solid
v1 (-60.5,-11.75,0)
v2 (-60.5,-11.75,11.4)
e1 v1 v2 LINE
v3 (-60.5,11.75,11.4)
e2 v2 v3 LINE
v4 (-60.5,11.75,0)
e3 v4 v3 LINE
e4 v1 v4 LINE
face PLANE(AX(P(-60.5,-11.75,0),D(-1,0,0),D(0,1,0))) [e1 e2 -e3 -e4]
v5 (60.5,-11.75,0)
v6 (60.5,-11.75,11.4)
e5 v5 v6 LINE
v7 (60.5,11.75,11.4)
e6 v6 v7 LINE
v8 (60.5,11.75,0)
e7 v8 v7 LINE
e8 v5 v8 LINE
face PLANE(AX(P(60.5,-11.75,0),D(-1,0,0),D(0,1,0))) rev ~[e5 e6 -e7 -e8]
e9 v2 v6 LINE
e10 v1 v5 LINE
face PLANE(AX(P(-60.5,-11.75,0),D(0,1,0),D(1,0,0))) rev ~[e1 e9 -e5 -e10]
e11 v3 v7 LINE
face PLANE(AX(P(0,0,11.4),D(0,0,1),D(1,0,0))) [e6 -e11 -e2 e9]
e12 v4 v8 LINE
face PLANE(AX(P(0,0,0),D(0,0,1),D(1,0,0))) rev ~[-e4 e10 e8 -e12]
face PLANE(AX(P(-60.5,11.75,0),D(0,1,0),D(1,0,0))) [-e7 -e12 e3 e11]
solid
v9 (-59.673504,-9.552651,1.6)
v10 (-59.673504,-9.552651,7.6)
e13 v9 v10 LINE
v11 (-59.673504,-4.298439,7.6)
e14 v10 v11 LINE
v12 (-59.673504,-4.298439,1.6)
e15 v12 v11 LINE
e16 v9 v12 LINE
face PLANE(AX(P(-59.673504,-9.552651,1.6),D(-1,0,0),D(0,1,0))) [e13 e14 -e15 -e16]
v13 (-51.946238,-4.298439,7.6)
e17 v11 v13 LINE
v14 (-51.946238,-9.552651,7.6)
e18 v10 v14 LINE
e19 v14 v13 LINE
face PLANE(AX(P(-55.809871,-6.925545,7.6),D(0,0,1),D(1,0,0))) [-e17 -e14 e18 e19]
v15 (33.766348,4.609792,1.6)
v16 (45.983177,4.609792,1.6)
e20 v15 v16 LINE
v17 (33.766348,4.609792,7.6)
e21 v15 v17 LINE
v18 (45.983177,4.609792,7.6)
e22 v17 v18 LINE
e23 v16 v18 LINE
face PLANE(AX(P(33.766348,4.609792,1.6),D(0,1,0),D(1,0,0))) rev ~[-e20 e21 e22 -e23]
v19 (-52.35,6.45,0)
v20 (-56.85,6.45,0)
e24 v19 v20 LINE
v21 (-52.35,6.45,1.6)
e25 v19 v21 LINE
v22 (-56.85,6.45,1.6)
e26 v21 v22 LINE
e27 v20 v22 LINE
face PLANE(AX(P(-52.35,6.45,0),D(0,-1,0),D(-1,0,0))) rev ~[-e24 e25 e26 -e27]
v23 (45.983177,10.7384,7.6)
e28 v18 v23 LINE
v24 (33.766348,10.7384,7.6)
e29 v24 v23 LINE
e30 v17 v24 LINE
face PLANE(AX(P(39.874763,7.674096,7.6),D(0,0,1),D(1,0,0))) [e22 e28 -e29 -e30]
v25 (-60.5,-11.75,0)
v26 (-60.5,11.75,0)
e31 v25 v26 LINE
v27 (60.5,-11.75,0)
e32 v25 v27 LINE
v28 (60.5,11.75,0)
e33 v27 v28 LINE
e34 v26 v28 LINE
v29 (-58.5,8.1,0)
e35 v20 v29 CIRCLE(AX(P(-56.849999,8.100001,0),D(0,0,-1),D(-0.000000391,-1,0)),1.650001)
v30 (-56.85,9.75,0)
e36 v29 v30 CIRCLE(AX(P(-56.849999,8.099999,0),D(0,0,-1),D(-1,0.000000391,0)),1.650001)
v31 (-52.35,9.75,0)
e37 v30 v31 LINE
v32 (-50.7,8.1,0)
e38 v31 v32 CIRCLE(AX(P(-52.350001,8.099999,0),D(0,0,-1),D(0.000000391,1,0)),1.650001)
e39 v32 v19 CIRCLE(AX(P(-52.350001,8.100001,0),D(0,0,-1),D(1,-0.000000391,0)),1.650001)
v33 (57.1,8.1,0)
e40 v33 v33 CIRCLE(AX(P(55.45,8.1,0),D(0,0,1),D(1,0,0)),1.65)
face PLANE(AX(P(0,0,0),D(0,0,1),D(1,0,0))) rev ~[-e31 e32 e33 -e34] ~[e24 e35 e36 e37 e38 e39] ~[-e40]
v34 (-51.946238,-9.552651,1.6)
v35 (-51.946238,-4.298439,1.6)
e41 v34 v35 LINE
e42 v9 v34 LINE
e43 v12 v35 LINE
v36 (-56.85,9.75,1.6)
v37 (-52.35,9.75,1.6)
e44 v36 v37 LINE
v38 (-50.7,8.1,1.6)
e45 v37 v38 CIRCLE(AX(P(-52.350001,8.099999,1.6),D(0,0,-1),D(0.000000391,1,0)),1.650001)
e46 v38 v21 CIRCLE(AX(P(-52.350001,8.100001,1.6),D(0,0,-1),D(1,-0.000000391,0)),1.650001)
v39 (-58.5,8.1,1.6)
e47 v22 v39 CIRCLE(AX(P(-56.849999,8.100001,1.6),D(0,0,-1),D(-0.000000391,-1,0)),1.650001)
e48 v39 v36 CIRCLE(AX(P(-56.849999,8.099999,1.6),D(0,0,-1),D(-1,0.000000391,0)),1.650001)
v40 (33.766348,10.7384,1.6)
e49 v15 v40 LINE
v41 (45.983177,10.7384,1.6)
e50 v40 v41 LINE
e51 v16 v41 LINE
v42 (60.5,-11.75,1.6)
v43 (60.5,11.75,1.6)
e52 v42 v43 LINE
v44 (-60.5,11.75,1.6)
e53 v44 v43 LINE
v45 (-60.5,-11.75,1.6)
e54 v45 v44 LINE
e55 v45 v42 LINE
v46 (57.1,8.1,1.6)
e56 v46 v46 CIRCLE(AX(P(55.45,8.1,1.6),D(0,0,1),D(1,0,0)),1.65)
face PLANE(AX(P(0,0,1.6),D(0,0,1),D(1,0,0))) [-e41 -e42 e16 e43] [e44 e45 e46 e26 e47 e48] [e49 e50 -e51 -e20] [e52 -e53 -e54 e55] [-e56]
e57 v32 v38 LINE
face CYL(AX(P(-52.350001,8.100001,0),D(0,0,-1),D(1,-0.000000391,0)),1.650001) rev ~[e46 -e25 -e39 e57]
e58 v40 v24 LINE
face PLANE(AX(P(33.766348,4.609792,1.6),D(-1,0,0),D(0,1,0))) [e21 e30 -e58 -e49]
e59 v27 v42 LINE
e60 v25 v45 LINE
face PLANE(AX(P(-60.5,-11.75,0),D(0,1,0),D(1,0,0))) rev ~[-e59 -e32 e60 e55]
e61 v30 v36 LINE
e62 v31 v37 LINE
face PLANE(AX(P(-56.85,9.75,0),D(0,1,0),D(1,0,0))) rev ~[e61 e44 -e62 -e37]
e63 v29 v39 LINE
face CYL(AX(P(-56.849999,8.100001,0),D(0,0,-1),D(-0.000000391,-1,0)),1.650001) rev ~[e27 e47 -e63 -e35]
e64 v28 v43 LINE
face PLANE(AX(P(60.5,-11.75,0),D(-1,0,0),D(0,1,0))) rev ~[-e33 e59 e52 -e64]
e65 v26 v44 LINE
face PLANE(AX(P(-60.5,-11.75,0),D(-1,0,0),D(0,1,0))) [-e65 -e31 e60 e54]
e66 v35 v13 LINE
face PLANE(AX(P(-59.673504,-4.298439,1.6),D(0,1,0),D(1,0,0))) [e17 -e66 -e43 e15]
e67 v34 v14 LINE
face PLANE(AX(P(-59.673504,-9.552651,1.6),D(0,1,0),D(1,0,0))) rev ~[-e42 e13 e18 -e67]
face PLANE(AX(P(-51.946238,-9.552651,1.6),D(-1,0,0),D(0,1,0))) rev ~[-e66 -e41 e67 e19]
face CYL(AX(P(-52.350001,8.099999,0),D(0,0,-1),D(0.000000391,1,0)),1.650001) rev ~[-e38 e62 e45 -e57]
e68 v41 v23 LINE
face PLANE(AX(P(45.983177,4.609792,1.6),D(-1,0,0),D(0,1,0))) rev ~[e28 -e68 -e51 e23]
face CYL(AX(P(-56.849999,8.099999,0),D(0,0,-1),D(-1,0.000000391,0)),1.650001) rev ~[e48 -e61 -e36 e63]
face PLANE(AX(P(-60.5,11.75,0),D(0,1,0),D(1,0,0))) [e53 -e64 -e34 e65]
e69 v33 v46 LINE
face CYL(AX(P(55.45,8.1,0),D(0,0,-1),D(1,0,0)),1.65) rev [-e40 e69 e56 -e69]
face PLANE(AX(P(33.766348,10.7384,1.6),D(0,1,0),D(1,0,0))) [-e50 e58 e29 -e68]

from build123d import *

# Parameters (mm, degrees)
F0_W     = 121
F0_H     = 23.5
F0_R     = 1.65
F1_DEPTH = 1.6
F2_W     = 121
F2_H     = 23.5
F3_DEPTH = 11.4
F4_W     = 12.216829
F4_H     = 6.128608
F4_W_2   = 7.727265
F4_H_2   = 5.254211
F5_DEPTH = 6


with BuildPart() as f1:
    # F0 (on Top) → F1 (new body)
    with BuildSketch(Plane.XY):
        Rectangle(F0_W, F0_H)
        with BuildLine():
            ThreePointArc((-58.5, 8.1), (-58.016726, 9.266726), (-56.85, 9.75))
            Line((-56.85, 9.75), (-52.35, 9.75))
            ThreePointArc((-52.35, 9.75), (-51.183274, 9.266726), (-50.7, 8.1))
            ThreePointArc((-50.7, 8.1), (-51.183274, 6.933274), (-52.35, 6.45))
            Line((-52.35, 6.45), (-56.85, 6.45))
            ThreePointArc((-56.85, 6.45), (-58.016726, 6.933274), (-58.5, 8.1))
        make_face(mode=Mode.SUBTRACT)
        with Locations((55.45, 8.1)):
            Circle(F0_R, mode=Mode.SUBTRACT)
    extrude(amount=F1_DEPTH)

    # F4 (on face) → F5 (join)
    with BuildSketch(Plane.XY.offset(1.6)):
        with Locations((39.874763, 7.674096)):
            Rectangle(F4_W, F4_H)
        with Locations((-55.809871, -6.925545)):
            Rectangle(F4_W_2, F4_H_2)
    extrude(amount=F5_DEPTH)


with BuildPart() as f3:
    # F2 (on face) → F3 (new body)
    with BuildSketch(Plane.XY):
        Rectangle(F2_W, F2_H)
    extrude(amount=F3_DEPTH)


solid = Compound([f1.part, f3.part])
